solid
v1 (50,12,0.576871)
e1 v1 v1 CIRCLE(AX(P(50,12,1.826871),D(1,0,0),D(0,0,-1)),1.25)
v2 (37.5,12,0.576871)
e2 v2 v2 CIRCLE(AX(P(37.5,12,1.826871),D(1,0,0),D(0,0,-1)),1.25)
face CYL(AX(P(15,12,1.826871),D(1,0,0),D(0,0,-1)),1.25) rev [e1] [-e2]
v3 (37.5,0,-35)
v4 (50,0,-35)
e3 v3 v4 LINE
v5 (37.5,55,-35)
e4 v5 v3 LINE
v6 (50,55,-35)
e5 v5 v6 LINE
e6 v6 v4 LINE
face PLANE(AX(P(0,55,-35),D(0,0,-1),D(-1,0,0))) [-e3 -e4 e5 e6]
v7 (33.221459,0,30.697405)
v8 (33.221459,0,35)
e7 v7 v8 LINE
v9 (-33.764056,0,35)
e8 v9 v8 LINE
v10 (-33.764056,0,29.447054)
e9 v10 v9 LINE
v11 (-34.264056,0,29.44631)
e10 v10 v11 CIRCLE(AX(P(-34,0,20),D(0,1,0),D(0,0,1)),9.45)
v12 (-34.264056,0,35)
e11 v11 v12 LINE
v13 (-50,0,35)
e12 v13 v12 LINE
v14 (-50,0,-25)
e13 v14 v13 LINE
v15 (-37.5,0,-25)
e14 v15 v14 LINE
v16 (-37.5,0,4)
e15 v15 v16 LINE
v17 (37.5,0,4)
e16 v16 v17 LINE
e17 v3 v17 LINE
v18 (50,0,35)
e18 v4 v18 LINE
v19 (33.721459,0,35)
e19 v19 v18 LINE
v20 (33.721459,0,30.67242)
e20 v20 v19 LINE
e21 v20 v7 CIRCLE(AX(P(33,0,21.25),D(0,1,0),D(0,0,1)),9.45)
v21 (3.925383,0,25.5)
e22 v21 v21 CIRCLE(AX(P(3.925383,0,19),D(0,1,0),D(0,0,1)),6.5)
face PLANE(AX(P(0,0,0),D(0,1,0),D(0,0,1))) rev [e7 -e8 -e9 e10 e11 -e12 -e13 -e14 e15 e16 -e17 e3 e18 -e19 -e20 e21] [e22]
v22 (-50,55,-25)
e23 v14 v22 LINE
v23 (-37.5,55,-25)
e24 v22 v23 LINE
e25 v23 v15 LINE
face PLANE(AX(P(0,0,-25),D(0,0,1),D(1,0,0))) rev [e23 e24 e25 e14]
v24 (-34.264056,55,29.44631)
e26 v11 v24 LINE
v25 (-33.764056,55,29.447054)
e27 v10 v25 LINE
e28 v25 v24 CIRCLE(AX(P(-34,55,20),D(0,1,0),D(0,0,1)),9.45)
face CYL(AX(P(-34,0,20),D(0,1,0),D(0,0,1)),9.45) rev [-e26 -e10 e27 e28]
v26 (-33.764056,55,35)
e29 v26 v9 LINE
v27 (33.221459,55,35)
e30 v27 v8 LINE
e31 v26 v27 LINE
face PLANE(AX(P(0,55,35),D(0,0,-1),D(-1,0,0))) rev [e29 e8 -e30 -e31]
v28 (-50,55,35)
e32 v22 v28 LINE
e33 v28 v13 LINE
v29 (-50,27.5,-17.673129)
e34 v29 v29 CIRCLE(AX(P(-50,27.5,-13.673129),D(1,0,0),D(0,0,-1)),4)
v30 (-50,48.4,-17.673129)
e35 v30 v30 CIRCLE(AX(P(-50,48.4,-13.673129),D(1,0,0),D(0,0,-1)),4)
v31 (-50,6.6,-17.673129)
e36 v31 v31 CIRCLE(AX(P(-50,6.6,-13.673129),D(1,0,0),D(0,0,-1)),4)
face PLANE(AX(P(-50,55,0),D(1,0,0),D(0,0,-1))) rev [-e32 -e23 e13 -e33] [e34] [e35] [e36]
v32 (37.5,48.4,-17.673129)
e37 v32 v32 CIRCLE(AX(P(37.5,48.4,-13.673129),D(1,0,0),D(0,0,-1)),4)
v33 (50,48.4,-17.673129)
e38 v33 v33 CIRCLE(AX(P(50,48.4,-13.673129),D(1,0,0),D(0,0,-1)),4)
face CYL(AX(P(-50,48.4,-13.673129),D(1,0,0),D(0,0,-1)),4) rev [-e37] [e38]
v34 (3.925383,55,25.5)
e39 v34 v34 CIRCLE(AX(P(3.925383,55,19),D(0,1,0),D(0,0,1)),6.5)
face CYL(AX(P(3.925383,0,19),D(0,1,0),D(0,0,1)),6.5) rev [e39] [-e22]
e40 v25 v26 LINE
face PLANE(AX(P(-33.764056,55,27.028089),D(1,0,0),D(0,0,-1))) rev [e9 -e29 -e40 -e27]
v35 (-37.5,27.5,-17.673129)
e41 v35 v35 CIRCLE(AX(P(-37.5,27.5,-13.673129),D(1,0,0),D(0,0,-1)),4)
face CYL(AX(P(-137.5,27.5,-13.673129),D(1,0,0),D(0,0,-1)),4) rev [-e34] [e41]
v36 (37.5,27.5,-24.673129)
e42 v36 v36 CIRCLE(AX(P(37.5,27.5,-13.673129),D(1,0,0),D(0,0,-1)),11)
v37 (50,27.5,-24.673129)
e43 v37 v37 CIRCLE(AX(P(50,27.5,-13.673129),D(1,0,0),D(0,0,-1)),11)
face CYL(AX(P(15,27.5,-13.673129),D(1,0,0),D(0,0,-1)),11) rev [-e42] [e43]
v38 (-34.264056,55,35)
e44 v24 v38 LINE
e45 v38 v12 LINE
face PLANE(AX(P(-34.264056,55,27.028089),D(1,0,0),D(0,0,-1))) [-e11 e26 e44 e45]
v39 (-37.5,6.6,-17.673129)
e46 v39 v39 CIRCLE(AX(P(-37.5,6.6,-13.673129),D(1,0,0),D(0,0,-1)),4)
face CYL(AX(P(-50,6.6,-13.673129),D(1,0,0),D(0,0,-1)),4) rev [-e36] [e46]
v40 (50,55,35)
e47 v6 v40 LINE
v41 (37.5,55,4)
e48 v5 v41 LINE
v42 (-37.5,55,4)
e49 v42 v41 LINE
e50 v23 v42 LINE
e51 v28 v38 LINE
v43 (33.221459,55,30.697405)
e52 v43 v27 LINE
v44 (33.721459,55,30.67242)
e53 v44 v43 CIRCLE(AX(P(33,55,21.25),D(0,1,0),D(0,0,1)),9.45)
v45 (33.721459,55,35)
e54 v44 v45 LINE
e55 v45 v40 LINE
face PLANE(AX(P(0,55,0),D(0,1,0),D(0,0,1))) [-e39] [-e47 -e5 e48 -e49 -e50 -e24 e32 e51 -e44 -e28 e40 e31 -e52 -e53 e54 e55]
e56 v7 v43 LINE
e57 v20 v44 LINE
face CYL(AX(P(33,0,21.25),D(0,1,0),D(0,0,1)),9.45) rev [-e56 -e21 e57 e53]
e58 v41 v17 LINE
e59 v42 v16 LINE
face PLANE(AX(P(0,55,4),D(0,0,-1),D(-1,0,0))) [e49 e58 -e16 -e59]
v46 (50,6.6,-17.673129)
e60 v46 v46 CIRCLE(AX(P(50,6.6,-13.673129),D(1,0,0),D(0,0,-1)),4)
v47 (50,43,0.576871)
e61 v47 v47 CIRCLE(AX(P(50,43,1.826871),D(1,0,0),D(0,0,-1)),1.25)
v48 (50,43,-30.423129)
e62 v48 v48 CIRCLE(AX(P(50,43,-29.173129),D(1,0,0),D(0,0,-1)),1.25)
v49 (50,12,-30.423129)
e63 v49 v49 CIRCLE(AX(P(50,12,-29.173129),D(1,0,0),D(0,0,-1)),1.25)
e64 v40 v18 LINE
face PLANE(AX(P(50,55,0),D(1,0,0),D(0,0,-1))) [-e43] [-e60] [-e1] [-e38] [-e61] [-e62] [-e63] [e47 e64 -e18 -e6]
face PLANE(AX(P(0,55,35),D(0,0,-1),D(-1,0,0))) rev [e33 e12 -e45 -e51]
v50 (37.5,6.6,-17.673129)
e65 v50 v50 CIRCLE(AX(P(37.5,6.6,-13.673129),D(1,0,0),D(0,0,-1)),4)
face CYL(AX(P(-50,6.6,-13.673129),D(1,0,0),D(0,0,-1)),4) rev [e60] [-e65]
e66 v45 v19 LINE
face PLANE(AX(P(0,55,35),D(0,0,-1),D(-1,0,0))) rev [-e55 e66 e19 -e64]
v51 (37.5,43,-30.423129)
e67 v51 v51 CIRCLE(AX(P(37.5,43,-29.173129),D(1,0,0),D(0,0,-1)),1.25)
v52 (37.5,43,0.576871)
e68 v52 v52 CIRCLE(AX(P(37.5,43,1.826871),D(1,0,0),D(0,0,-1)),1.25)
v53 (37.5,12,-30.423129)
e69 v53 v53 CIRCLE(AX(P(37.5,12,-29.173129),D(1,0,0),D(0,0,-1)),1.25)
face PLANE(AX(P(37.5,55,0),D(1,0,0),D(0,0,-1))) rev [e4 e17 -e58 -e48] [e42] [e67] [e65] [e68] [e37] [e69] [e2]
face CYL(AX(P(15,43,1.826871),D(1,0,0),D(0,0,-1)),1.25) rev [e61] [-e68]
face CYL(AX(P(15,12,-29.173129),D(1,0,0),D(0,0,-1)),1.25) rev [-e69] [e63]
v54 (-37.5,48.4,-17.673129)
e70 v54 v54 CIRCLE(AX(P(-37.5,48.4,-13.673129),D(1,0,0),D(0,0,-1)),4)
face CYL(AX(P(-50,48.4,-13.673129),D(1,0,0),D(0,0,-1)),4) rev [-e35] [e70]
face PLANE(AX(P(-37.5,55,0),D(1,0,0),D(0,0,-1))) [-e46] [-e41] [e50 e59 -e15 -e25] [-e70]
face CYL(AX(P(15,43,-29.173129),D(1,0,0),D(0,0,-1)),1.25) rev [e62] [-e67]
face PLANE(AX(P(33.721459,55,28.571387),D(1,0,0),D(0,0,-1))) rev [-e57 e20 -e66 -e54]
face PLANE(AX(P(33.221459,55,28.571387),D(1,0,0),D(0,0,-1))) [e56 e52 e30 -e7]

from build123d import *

# Parameters (mm, degrees)
BOSS_EXTRUDE1_DEPTH     = 55
SKETCH2_W               = 12.5
SKETCH2_H               = 55
CUT_EXTRUDE1_DEPTH      = 10
SKETCH4_R               = 9.45
CUT_EXTRUDE2_DEPTH      = 56
SKETCH5_R               = 9.45
CUT_EXTRUDE3_DEPTH      = 56
SKETCH7_R               = 1.25
CUT_EXTRUDE5_DEPTH      = 35
SKETCH8_R               = 11
CUT_EXTRUDE6_DEPTH      = 35
SKETCH9_R               = 4
CUT_EXTRUDE7_DEPTH      = 1
CUT_EXTRUDE7_DEPTH_BACK = 101
SKETCH11_R              = 4
CUT_EXTRUDE8_DEPTH      = 100
SKETCH12_W              = 0.5
SKETCH12_H              = 7.437726557
SKETCH12_H_2            = 9.137996941
CUT_EXTRUDE9_DEPTH      = 56
SKETCH13_R              = 6.5
CUT_EXTRUDE10_DEPTH     = 56


with BuildPart() as part:
    # Sketch1 → Boss-Extrude1 (new body)
    with BuildSketch(Plane(origin=(0, 0, 0), x_dir=(1, 0, 0), z_dir=(0, 1, 0))):
        Polygon((-37.5, 35), (-50, 35), (-50, -35), (50, -35), (50, 35), (37.5, 35), (37.5, -4), (-37.5, -4), align=None)
    extrude(amount=BOSS_EXTRUDE1_DEPTH)

    # Sketch2 → Cut-Extrude1 (cut)
    with BuildSketch(Plane(origin=(0, 0, -35), x_dir=(-1, 0, 0), z_dir=(0, 0, -1))):
        with Locations((43.75, 27.5)):
            Rectangle(SKETCH2_W, SKETCH2_H)
    extrude(amount=-CUT_EXTRUDE1_DEPTH, mode=Mode.SUBTRACT)

    # Sketch4 → Cut-Extrude2 (cut, through all)
    with BuildSketch(Plane(origin=(0, 55, 0), x_dir=(1, 0, 0), z_dir=(0, 1, 0))):
        with Locations((33, -21.25)):
            Circle(SKETCH4_R)
    extrude(amount=-CUT_EXTRUDE2_DEPTH, mode=Mode.SUBTRACT)

    # Sketch5 → Cut-Extrude3 (cut, through all)
    with BuildSketch(Plane(origin=(0, 55, 0), x_dir=(1, 0, 0), z_dir=(0, 1, 0))):
        with Locations((-34, -20)):
            Circle(SKETCH5_R)
    extrude(amount=-CUT_EXTRUDE3_DEPTH, mode=Mode.SUBTRACT)

    # Sketch7 → Cut-Extrude5 (cut)
    with BuildSketch(Plane(origin=(50, 0, 0), x_dir=(0, 0, -1), z_dir=(1, 0, 0))):
        with Locations((29.173129307, 12)):
            Circle(SKETCH7_R)
        with Locations((-1.826870693, 12)):
            Circle(SKETCH7_R)
        with Locations((-1.826870693, 43)):
            Circle(SKETCH7_R)
        with Locations((29.173129307, 43)):
            Circle(SKETCH7_R)
    extrude(amount=-CUT_EXTRUDE5_DEPTH, mode=Mode.SUBTRACT)

    # Sketch8 → Cut-Extrude6 (cut)
    with BuildSketch(Plane(origin=(50, 0, 0), x_dir=(0, 0, -1), z_dir=(1, 0, 0))):
        with Locations((13.673129307, 27.5)):
            Circle(SKETCH8_R)
    extrude(amount=-CUT_EXTRUDE6_DEPTH, mode=Mode.SUBTRACT)

    # Sketch9 → Cut-Extrude7 (cut, two sides)
    with BuildSketch(Plane(origin=(50, 0, 0), x_dir=(0, 0, -1), z_dir=(1, 0, 0))) as cut_extrude7_sk:
        with Locations((13.673129307, 48.4)):
            Circle(SKETCH9_R)
        with Locations((13.673129307, 6.6)):
            Circle(SKETCH9_R)
    extrude(amount=CUT_EXTRUDE7_DEPTH, mode=Mode.SUBTRACT)
    extrude(cut_extrude7_sk.sketch, amount=-CUT_EXTRUDE7_DEPTH_BACK, mode=Mode.SUBTRACT)

    # Sketch11 → Cut-Extrude8 (cut)
    with BuildSketch(Plane(origin=(-37.5, 0, 0), x_dir=(0, 0, -1), z_dir=(1, 0, 0))):
        with Locations((13.673129307, 27.5)):
            Circle(SKETCH11_R)
    extrude(amount=-CUT_EXTRUDE8_DEPTH, mode=Mode.SUBTRACT)

    # Sketch12 → Cut-Extrude9 (cut, through all)
    with BuildSketch(Plane.XZ):
        with Locations((33.471458783, 32.290249866)):
            Rectangle(SKETCH12_W, SKETCH12_H)
        with Locations((-34.014056432, 31.597087229)):
            Rectangle(SKETCH12_W, SKETCH12_H_2)
    extrude(amount=-CUT_EXTRUDE9_DEPTH, mode=Mode.SUBTRACT)

    # Sketch13 → Cut-Extrude10 (cut, through all)
    with BuildSketch(Plane(origin=(0, 55, 0), x_dir=(1, 0, 0), z_dir=(0, 1, 0))):
        with Locations((3.925383248, -19)):
            Circle(SKETCH13_R)
    extrude(amount=-CUT_EXTRUDE10_DEPTH, mode=Mode.SUBTRACT)


solid = part.part
